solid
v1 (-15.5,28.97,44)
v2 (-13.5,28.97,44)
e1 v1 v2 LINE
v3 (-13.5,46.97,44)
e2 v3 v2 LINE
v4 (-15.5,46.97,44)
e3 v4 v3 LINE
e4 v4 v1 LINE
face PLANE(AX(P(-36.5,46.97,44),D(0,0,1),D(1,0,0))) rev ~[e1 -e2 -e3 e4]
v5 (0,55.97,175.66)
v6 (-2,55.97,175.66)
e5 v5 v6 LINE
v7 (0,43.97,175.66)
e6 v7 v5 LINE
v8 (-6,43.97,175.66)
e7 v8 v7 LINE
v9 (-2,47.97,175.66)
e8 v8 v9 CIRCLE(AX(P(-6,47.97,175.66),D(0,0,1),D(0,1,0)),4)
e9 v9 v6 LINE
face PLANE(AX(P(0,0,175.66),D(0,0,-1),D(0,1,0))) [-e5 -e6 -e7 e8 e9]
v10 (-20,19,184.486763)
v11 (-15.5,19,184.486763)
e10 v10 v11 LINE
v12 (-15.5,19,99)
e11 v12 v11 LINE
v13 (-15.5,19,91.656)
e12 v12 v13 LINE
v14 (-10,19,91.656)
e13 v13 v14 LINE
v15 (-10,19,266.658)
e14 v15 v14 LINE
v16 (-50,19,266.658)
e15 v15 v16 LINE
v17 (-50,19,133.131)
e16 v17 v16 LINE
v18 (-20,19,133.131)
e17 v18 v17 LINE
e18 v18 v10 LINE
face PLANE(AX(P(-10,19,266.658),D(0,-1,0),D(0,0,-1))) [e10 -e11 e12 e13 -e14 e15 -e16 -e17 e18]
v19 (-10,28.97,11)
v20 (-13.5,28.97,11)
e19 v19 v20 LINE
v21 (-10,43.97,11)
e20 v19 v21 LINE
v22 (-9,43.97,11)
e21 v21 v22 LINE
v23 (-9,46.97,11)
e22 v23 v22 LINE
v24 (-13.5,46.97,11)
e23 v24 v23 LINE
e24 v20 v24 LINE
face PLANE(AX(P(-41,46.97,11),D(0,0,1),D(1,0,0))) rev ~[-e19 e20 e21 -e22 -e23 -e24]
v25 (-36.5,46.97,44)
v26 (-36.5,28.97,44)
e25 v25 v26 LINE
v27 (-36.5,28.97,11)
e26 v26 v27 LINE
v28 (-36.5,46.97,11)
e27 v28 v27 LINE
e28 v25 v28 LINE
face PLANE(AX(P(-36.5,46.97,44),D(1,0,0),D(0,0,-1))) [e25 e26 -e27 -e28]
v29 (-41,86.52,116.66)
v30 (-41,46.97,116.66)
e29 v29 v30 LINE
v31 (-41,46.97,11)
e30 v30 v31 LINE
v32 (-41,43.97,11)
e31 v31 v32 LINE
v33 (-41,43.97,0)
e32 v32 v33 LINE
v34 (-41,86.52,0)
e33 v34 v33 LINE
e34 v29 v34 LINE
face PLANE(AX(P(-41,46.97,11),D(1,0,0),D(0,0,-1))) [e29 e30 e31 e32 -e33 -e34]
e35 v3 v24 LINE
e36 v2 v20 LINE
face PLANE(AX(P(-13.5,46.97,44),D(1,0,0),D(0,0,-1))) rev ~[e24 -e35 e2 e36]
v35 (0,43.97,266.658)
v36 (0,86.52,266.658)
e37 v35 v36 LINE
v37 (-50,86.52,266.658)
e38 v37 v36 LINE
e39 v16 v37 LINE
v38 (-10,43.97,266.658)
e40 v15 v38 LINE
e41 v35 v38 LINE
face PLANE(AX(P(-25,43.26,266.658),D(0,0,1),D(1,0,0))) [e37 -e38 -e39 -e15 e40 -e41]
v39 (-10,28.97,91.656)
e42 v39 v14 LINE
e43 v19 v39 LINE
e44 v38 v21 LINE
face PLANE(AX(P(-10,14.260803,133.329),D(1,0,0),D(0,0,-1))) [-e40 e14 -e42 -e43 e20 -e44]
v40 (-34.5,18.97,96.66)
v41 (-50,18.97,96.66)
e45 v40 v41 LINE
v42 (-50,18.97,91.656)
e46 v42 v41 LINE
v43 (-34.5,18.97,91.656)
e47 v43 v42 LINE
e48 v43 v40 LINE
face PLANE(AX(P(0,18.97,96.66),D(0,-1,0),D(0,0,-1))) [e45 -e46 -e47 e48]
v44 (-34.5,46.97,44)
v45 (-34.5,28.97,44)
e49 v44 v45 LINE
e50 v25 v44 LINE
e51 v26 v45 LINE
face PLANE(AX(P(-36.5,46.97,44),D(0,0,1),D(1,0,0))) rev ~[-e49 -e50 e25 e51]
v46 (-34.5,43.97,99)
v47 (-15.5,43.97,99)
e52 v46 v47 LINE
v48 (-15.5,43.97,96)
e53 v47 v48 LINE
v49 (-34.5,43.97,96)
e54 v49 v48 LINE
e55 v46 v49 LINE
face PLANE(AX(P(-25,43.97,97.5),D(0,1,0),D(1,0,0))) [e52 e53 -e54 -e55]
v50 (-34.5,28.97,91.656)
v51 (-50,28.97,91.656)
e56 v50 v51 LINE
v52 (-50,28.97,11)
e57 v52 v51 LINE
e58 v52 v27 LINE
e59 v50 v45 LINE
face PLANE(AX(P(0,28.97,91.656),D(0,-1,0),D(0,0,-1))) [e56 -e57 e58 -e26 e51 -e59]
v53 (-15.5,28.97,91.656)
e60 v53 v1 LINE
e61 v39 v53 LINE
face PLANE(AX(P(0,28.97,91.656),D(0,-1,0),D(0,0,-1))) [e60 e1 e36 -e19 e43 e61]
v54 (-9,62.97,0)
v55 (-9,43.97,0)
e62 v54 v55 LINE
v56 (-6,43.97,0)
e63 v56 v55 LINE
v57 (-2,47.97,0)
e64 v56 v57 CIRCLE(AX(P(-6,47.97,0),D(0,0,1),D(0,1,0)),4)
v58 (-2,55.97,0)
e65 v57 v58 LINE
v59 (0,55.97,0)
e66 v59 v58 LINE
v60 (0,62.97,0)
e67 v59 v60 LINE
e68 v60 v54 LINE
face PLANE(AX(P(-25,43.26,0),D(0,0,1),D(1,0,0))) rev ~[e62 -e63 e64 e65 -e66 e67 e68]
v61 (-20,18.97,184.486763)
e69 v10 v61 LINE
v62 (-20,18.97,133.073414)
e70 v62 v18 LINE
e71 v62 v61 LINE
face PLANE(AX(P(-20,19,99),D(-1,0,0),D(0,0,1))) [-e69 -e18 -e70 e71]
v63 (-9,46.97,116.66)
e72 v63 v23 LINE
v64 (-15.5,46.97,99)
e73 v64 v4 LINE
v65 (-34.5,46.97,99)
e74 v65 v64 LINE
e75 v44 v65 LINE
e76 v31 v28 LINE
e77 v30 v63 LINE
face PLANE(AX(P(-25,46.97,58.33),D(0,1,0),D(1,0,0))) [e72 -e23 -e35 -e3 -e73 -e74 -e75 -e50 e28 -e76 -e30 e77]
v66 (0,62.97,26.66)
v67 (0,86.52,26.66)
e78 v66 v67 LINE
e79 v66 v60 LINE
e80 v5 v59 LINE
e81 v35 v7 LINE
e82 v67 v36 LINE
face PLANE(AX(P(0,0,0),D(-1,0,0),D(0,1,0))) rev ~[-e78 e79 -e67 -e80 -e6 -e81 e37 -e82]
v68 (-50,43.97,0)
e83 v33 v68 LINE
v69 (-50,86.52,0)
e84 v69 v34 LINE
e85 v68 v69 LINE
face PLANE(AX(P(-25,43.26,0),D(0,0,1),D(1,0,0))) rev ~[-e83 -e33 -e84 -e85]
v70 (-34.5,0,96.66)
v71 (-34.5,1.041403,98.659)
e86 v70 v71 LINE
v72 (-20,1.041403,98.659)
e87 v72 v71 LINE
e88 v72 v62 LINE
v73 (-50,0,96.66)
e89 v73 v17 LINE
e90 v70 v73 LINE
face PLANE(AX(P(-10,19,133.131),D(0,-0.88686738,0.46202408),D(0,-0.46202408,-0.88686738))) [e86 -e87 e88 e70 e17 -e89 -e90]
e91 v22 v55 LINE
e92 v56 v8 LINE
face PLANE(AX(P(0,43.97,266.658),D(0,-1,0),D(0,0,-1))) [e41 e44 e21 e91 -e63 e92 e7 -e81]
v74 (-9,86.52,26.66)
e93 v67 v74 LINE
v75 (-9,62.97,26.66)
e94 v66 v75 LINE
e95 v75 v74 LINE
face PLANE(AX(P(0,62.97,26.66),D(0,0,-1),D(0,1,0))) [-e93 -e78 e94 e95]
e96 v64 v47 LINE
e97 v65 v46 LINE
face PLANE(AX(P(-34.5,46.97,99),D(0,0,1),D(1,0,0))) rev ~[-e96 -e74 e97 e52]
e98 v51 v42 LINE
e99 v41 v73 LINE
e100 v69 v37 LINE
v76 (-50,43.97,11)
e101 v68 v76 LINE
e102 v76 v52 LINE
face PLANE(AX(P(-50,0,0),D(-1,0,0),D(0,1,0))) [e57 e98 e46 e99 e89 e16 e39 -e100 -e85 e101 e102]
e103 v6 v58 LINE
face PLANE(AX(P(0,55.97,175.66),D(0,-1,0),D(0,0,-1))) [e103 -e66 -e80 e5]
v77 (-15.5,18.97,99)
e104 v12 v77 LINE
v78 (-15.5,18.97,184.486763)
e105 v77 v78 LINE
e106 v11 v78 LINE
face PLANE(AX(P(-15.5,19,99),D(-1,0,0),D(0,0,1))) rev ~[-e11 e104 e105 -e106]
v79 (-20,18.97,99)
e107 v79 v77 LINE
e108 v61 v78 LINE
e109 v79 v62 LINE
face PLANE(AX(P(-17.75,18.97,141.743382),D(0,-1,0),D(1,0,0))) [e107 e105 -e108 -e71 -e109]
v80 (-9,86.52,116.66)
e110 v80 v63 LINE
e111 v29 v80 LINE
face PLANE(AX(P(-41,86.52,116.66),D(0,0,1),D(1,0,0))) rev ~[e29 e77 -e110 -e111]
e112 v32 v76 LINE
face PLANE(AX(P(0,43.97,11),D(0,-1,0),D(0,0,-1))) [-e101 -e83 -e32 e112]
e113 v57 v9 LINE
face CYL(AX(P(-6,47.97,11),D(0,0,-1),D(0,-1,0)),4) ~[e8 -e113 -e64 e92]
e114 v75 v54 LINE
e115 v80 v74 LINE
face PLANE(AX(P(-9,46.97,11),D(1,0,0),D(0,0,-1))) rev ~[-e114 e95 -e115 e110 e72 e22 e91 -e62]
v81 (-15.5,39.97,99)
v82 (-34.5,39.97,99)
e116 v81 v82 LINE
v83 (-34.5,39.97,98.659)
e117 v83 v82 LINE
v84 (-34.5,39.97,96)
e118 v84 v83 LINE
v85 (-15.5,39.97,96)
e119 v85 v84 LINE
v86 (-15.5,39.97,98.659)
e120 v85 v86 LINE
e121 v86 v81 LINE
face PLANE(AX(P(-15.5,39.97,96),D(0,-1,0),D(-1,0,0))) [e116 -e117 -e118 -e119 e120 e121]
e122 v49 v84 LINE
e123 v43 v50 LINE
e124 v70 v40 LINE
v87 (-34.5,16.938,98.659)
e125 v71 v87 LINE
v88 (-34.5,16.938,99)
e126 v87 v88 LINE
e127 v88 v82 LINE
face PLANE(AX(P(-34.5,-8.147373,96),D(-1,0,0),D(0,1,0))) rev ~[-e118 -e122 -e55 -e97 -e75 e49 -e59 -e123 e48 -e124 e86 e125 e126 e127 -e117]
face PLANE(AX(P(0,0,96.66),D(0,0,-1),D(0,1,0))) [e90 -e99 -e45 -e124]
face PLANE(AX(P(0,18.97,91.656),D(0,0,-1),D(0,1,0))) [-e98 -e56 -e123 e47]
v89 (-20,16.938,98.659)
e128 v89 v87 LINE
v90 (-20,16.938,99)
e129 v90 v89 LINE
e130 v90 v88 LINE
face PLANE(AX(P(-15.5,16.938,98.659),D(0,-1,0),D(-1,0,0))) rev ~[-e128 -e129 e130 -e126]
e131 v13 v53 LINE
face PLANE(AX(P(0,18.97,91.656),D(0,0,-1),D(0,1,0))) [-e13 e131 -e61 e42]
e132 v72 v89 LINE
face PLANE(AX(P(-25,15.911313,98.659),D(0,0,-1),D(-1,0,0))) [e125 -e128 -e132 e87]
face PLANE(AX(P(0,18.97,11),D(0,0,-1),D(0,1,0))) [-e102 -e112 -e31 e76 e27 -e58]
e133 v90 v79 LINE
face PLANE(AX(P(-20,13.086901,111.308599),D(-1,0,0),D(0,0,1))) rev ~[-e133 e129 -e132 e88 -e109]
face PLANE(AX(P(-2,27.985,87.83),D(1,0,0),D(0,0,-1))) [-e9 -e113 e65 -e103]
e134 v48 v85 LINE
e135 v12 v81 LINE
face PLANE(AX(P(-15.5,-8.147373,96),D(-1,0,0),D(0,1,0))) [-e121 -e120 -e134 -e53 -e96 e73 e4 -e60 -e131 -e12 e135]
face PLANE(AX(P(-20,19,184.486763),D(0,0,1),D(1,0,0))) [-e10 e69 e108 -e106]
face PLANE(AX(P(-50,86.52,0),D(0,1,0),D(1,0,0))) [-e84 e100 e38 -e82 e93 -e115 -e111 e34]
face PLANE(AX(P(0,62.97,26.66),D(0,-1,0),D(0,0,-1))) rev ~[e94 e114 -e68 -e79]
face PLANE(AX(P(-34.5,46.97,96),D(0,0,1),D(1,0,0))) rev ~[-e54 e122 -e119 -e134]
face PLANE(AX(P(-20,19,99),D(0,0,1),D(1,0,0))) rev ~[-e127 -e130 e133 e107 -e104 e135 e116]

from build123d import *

# Parameters (mm, degrees)
SKETCH1_W           = 50
SKETCH1_H           = 86.52
BOSS_EXTRUDE1_DEPTH = 266.658
SKETCH2_W           = 32
SKETCH2_H           = 116.66
CUT_EXTRUDE1_DEPTH  = 39.55
SKETCH3_W           = 32
SKETCH3_H           = 11
CUT_EXTRUDE2_DEPTH  = 276.341006506
SKETCH4_W           = 23
SKETCH4_H           = 33
CUT_EXTRUDE3_DEPTH  = 276.341006506
SKETCH5_W           = 19
SKETCH5_H           = 52
CUT_EXTRUDE4_DEPTH  = 276.341006506
SKETCH6_W           = 19
SKETCH6_H           = 3
CUT_EXTRUDE5_DEPTH  = 3
SKETCH7_W           = 26.66
SKETCH7_H           = 23.55
CUT_EXTRUDE6_DEPTH  = 11
SKETCH8_W           = 96.66
SKETCH8_H           = 18.97
CUT_EXTRUDE7_DEPTH  = 285.76692112
SKETCH9_W           = 80.656
SKETCH9_H           = 10
CUT_EXTRUDE8_DEPTH  = 285.76692112
SKETCH10_W          = 11
SKETCH10_H          = 25
CUT_EXTRUDE9_DEPTH  = 285.76692112
SKETCH11_W          = 175.66
SKETCH11_H          = 55.97
CUT_EXTRUDE10_DEPTH = 2
SKETCH12_W          = 266.658
SKETCH12_H          = 59.418393815
CUT_EXTRUDE11_DEPTH = 10
FILLET2_R           = 4
SKETCH13_W          = 19
SKETCH13_H          = 48.117373491
CUT_EXTRUDE12_DEPTH = 2.659
SKETCH16_W          = 19
SKETCH16_H          = 23.032
CUT_EXTRUDE13_DEPTH = 0.341
CUT_EXTRUDE14_DEPTH = 284.182272334
CUT_EXTRUDE15_DEPTH = 10
SKETCH22_W          = 5.5
SKETCH22_H          = 5.004
CUT_EXTRUDE16_DEPTH = 0.03
SKETCH24_W          = 4.5
SKETCH24_H          = 85.486763268
BOSS_EXTRUDE2_DEPTH = 0.03


with BuildPart() as part:
    # Sketch1 → Boss-Extrude1 (new body)
    with BuildSketch(Plane.XY):
        with Locations((-25, 43.26)):
            Rectangle(SKETCH1_W, SKETCH1_H)
    extrude(amount=BOSS_EXTRUDE1_DEPTH)

    # Sketch2 → Cut-Extrude1 (cut)
    with BuildSketch(Plane(origin=(0, 86.52, 0), x_dir=(1, 0, 0), z_dir=(0, 1, 0))):
        with Locations((-25, -58.33)):
            Rectangle(SKETCH2_W, SKETCH2_H)
    extrude(amount=-CUT_EXTRUDE1_DEPTH, mode=Mode.SUBTRACT)

    # Sketch3 → Cut-Extrude2 (cut, through all)
    with BuildSketch(Plane(origin=(0, 46.97, 0), x_dir=(1, 0, 0), z_dir=(0, 1, 0))):
        with Locations((-25, -5.5)):
            Rectangle(SKETCH3_W, SKETCH3_H)
    extrude(amount=-CUT_EXTRUDE2_DEPTH, mode=Mode.SUBTRACT)

    # Sketch4 → Cut-Extrude3 (cut, through all)
    with BuildSketch(Plane(origin=(0, 46.97, 0), x_dir=(1, 0, 0), z_dir=(0, 1, 0))):
        with Locations((-25, -27.5)):
            Rectangle(SKETCH4_W, SKETCH4_H)
    extrude(amount=-CUT_EXTRUDE3_DEPTH, mode=Mode.SUBTRACT)

    # Sketch5 → Cut-Extrude4 (cut, through all)
    with BuildSketch(Plane(origin=(0, 46.97, 0), x_dir=(1, 0, 0), z_dir=(0, 1, 0))):
        with Locations((-25, -70)):
            Rectangle(SKETCH5_W, SKETCH5_H)
    extrude(amount=-CUT_EXTRUDE4_DEPTH, mode=Mode.SUBTRACT)

    # Sketch6 → Cut-Extrude5 (cut)
    with BuildSketch(Plane(origin=(0, 46.97, 0), x_dir=(1, 0, 0), z_dir=(0, 1, 0))):
        with Locations((-25, -97.5)):
            Rectangle(SKETCH6_W, SKETCH6_H)
    extrude(amount=-CUT_EXTRUDE5_DEPTH, mode=Mode.SUBTRACT)

    # Sketch7 → Cut-Extrude6 (cut)
    with BuildSketch(Plane(origin=(0, 0, 0), x_dir=(0, 0, -1), z_dir=(1, 0, 0))):
        with Locations((-13.33, 74.745)):
            Rectangle(SKETCH7_W, SKETCH7_H)
    extrude(amount=-CUT_EXTRUDE6_DEPTH, mode=Mode.SUBTRACT)

    # Sketch8 → Cut-Extrude7 (cut, through all)
    with BuildSketch(Plane(origin=(0, 0, 0), x_dir=(0, 0, -1), z_dir=(1, 0, 0))):
        with Locations((-48.33, 9.485)):
            Rectangle(SKETCH8_W, SKETCH8_H)
    extrude(amount=-CUT_EXTRUDE7_DEPTH, mode=Mode.SUBTRACT)

    # Sketch9 → Cut-Extrude8 (cut, through all)
    with BuildSketch(Plane(origin=(0, 0, 0), x_dir=(0, 0, -1), z_dir=(1, 0, 0))):
        with Locations((-51.328, 23.97)):
            Rectangle(SKETCH9_W, SKETCH9_H)
    extrude(amount=-CUT_EXTRUDE8_DEPTH, mode=Mode.SUBTRACT)

    # Sketch10 → Cut-Extrude9 (cut, through all)
    with BuildSketch(Plane(origin=(0, 0, 0), x_dir=(0, 0, -1), z_dir=(1, 0, 0))):
        with Locations((-5.5, 31.47)):
            Rectangle(SKETCH10_W, SKETCH10_H)
    extrude(amount=-CUT_EXTRUDE9_DEPTH, mode=Mode.SUBTRACT)

    # Sketch11 → Cut-Extrude10 (cut)
    with BuildSketch(Plane(origin=(0, 0, 0), x_dir=(0, 0, -1), z_dir=(1, 0, 0))):
        with Locations((-87.83, 27.985)):
            Rectangle(SKETCH11_W, SKETCH11_H)
    extrude(amount=-CUT_EXTRUDE10_DEPTH, mode=Mode.SUBTRACT)

    # Sketch12 → Cut-Extrude11 (cut)
    with BuildSketch(Plane(origin=(0, 0, 0), x_dir=(0, 0, -1), z_dir=(1, 0, 0))):
        with Locations((-133.329, 14.260803093)):
            Rectangle(SKETCH12_W, SKETCH12_H)
    extrude(amount=-CUT_EXTRUDE11_DEPTH, mode=Mode.SUBTRACT)

    # Fillet2
    fillet2_edges = [part.edges().sort_by_distance(p)[0] for p in [
        (-2, 43.97, 87.83),
    ]]
    fillet(fillet2_edges, radius=FILLET2_R)

    # Sketch13 → Cut-Extrude12 (cut)
    with BuildSketch(Plane(origin=(0, 0, 96), x_dir=(-1, 0, 0), z_dir=(0, 0, -1))):
        with Locations((25, 15.911313255)):
            Rectangle(SKETCH13_W, SKETCH13_H)
    extrude(amount=-CUT_EXTRUDE12_DEPTH, mode=Mode.SUBTRACT)

    # Sketch16 → Cut-Extrude13 (cut)
    with BuildSketch(Plane(origin=(0, 0, 98.659), x_dir=(-1, 0, 0), z_dir=(0, 0, -1))):
        with Locations((25, 28.454)):
            Rectangle(SKETCH16_W, SKETCH16_H)
    extrude(amount=-CUT_EXTRUDE13_DEPTH, mode=Mode.SUBTRACT)

    # Sketch18 → Cut-Extrude14 (cut, through all)
    with BuildSketch(Plane(origin=(-10, 0, 0), x_dir=(0, 0, -1), z_dir=(1, 0, 0))):
        Polygon((-133.131, 19), (-96.66, 0), (-266.658, 0), (-266.658, 19), align=None)
    extrude(amount=-CUT_EXTRUDE14_DEPTH, mode=Mode.SUBTRACT)

    # Sketch19 → Cut-Extrude15 (cut)
    with BuildSketch(Plane(origin=(-10, 0, 0), x_dir=(0, 0, -1), z_dir=(1, 0, 0))):
        Polygon((-96.66, 0), (-133.131, 19), (-96.66, 19), align=None)
    extrude(amount=-CUT_EXTRUDE15_DEPTH, mode=Mode.SUBTRACT)

    # Sketch22 → Cut-Extrude16 (cut)
    with BuildSketch(Plane.XZ.offset(-18.97)):
        with Locations((-12.75, 94.158)):
            Rectangle(SKETCH22_W, SKETCH22_H)
    extrude(amount=-CUT_EXTRUDE16_DEPTH, mode=Mode.SUBTRACT)

    # Sketch24 → Boss-Extrude2 (add)
    with BuildSketch(Plane.XZ.offset(-19)):
        with Locations((-17.75, 141.743381634)):
            Rectangle(SKETCH24_W, SKETCH24_H)
    extrude(amount=BOSS_EXTRUDE2_DEPTH)


solid = part.part
